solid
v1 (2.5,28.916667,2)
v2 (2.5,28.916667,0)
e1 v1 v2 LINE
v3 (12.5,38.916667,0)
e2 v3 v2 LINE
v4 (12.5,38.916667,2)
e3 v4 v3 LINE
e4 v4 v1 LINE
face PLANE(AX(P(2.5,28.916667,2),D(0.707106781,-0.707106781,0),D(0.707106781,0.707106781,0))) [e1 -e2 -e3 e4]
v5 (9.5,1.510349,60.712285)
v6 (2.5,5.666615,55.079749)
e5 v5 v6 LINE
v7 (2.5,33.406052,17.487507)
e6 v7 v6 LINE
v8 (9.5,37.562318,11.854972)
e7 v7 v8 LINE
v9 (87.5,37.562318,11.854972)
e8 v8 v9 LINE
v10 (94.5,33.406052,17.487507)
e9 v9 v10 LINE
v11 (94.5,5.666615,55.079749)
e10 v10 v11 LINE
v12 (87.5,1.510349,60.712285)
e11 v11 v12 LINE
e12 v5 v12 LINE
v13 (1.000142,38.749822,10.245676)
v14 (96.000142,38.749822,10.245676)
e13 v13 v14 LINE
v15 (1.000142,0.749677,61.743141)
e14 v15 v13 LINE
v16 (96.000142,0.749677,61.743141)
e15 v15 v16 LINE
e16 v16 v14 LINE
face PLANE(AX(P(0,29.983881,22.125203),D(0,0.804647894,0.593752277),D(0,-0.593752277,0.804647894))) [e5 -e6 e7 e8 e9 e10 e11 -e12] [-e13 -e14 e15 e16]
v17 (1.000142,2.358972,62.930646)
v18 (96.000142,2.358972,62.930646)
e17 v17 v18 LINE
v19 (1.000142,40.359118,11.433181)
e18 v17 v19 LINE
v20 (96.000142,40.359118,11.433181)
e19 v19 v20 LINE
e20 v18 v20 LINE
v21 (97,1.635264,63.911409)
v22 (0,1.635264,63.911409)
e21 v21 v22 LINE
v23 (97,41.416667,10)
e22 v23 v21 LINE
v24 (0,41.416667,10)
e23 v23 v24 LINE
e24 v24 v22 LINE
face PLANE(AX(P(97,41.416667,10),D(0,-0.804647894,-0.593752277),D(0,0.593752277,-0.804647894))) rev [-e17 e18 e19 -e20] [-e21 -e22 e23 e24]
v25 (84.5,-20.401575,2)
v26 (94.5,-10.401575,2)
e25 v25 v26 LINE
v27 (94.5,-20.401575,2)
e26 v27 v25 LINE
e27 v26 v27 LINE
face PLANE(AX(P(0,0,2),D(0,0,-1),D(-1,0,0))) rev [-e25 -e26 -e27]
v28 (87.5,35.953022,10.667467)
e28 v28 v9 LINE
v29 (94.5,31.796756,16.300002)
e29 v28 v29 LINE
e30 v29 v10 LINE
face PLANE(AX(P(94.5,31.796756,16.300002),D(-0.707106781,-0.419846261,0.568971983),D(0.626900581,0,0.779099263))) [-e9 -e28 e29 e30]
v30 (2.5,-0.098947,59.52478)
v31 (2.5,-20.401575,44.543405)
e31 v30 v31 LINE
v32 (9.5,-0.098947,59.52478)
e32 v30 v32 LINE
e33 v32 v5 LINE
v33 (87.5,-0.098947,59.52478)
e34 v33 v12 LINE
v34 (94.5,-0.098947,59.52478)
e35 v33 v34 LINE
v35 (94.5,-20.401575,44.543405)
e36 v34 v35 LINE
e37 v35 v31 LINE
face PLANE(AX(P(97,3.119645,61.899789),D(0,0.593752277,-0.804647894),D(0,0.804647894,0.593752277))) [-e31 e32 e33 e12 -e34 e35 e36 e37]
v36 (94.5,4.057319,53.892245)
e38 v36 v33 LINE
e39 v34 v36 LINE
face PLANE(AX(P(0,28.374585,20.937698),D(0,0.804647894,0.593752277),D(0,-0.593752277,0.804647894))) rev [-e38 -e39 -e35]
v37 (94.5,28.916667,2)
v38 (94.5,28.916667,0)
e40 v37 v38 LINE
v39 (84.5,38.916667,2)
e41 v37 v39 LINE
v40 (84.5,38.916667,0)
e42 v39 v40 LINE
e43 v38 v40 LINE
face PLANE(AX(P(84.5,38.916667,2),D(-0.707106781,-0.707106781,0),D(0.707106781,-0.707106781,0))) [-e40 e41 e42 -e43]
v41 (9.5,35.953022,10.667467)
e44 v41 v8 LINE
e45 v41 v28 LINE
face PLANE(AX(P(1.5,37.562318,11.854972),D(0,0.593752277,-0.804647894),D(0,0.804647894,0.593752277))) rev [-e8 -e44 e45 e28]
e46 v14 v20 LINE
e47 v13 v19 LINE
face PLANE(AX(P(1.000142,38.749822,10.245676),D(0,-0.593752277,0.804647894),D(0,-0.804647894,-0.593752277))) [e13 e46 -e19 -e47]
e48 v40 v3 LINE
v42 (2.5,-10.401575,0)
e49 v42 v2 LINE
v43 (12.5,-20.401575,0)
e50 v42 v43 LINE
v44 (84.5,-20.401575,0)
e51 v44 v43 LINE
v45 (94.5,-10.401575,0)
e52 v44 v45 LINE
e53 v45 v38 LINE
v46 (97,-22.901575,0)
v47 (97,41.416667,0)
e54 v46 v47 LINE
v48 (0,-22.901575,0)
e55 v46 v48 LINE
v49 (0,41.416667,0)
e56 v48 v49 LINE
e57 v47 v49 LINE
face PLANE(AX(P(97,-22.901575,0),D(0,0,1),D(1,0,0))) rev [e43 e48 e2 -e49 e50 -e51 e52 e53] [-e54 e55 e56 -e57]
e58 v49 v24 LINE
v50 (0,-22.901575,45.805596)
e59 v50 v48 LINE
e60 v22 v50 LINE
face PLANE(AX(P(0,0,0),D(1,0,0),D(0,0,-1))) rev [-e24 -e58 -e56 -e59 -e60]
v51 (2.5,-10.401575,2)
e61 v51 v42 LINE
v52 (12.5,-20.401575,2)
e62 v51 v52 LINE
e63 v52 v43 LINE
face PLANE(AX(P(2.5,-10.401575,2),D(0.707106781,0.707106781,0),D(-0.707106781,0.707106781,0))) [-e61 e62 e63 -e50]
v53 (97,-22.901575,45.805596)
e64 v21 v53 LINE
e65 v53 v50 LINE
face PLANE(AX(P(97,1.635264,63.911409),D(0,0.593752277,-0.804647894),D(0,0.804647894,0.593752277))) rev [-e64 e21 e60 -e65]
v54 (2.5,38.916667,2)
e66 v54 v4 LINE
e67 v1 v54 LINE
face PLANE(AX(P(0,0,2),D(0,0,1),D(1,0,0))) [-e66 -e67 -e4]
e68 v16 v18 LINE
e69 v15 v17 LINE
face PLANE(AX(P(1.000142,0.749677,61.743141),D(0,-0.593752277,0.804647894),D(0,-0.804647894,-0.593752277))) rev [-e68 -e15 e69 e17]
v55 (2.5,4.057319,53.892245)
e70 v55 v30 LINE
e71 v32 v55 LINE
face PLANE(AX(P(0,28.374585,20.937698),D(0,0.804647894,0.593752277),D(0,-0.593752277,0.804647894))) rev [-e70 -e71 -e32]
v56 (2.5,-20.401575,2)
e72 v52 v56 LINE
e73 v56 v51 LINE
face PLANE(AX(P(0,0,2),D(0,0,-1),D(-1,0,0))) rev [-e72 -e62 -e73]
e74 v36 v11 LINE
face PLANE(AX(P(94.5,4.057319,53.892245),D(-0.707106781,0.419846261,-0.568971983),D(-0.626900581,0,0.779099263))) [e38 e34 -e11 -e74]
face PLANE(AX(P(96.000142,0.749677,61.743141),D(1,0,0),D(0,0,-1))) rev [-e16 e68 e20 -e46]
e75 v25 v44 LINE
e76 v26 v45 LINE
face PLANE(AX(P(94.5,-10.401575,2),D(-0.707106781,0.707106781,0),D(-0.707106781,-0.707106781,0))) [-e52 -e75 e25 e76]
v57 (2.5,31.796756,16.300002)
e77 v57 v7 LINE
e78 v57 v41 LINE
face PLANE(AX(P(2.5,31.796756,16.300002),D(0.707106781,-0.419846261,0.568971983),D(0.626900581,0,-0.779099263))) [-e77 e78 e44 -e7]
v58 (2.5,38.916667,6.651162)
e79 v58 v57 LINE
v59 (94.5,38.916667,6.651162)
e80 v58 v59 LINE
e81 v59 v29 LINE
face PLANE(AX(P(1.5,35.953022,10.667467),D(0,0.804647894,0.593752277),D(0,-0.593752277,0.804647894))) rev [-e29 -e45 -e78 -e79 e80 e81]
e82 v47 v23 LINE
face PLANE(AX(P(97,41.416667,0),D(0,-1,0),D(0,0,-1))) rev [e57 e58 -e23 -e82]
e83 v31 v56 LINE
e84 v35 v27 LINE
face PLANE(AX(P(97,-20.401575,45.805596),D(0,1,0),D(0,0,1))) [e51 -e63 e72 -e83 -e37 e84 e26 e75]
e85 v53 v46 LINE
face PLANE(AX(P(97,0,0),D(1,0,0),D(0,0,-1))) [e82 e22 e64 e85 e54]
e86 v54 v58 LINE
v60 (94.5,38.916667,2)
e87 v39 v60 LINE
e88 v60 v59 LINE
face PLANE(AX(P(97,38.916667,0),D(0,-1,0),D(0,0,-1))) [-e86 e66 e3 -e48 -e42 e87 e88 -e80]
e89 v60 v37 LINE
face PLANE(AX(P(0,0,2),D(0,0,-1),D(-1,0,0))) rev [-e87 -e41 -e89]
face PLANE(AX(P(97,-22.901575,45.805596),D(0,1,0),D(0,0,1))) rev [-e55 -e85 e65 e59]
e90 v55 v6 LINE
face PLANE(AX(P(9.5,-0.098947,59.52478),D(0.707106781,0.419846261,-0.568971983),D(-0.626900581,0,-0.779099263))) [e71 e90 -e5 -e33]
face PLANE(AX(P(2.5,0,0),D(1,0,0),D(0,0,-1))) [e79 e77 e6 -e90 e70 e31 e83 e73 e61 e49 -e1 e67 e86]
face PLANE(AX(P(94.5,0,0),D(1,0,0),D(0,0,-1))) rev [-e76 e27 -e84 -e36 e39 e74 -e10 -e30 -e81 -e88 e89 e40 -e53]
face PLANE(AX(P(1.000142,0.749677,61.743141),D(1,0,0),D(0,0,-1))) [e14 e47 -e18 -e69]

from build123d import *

# Parameters (mm, degrees)
BOSS_EXTRUDE1_DEPTH = 97
SHELL1_T            = -2.5
SKETCH2_W           = 95
SKETCH2_H           = 64
CUT_EXTRUDE1_DEPTH  = 2
BOSS_EXTRUDE2_DEPTH = 93
BOSS_EXTRUDE3_DEPTH = 2
BOSS_EXTRUDE4_DEPTH = 2


with BuildPart() as part:
    # Sketch1 → Boss-Extrude1 (new body)
    with BuildSketch(Plane(origin=(0, 0, 0), x_dir=(0, 0, -1), z_dir=(1, 0, 0))):
        Polygon((0, 41.416666667), (-10, 41.416666667), (-63.911408917, 1.635264119), (-45.805595857, -22.901575437), (0, -22.901575437), align=None)
    extrude(amount=BOSS_EXTRUDE1_DEPTH)

    # Shell1
    shell1_openings = [part.faces().sort_by_distance(p)[0] for p in [
        (48.5, 9.257545615, 0),
        (48.5, 21.525965393, 36.955704458),
    ]]
    offset(amount=SHELL1_T, openings=shell1_openings, kind=Kind.INTERSECTION)

    # Sketch2 → Cut-Extrude1 (cut)
    with BuildSketch(Plane(origin=(0, 31.593177041, 23.312707252), x_dir=(1, 0, 0), z_dir=(0, 0.804647894, 0.593752277))):
        with Locations((48.500142071, -17.236366389)):
            Rectangle(SKETCH2_W, SKETCH2_H)
    extrude(amount=-CUT_EXTRUDE1_DEPTH, mode=Mode.SUBTRACT)

    # Sketch3 → Boss-Extrude2 (add)
    with BuildSketch(Plane.ZY.offset(-94.5)):
        Polygon((11.85497179, 37.56231777), (10.245676001, 38.749822323), (10.36879098, 38.916666667), (6.65116187, 38.916666667), (10.667467236, 35.953021981), align=None)
    extrude(amount=BOSS_EXTRUDE2_DEPTH)

    # Sketch4 → Boss-Extrude3 (add)
    with BuildSketch(Plane(origin=(0, 0, 0), x_dir=(-1, 0, 0), z_dir=(0, 0, -1))):
        Polygon((-94.5, -10.401575437), (-84.5, -20.401575437), (-94.5, -20.401575437), align=None)
        Polygon((-84.5, 38.916666667), (-94.5, 28.916666667), (-94.5, 38.916666667), align=None)
        Polygon((-2.5, 38.916666667), (-2.5, 28.916666667), (-12.5, 38.916666667), align=None)
        Polygon((-2.5, -20.401575437), (-2.5, -10.401575437), (-12.5, -20.401575437), align=None)
    extrude(amount=-BOSS_EXTRUDE3_DEPTH)

    # Sketch5 → Boss-Extrude4 (add)
    with BuildSketch(Plane(origin=(0, 29.983881253, 22.125202698), x_dir=(1, 0, 0), z_dir=(0, 0.804647894, 0.593752277))):
        Polygon((2.5, 12.763633611), (2.5, 5.763633611), (9.5, 12.763633611), align=None)
        Polygon((2.5, -47.955238811), (9.5, -47.955238811), (2.5, -40.955238811), align=None)
        Polygon((94.5, -47.955238811), (94.5, -40.955238811), (87.5, -47.955238811), align=None)
        Polygon((94.5, 12.763633611), (94.5, 5.763633611), (87.5, 12.763633611), align=None)
    extrude(amount=-BOSS_EXTRUDE4_DEPTH)


solid = part.part
